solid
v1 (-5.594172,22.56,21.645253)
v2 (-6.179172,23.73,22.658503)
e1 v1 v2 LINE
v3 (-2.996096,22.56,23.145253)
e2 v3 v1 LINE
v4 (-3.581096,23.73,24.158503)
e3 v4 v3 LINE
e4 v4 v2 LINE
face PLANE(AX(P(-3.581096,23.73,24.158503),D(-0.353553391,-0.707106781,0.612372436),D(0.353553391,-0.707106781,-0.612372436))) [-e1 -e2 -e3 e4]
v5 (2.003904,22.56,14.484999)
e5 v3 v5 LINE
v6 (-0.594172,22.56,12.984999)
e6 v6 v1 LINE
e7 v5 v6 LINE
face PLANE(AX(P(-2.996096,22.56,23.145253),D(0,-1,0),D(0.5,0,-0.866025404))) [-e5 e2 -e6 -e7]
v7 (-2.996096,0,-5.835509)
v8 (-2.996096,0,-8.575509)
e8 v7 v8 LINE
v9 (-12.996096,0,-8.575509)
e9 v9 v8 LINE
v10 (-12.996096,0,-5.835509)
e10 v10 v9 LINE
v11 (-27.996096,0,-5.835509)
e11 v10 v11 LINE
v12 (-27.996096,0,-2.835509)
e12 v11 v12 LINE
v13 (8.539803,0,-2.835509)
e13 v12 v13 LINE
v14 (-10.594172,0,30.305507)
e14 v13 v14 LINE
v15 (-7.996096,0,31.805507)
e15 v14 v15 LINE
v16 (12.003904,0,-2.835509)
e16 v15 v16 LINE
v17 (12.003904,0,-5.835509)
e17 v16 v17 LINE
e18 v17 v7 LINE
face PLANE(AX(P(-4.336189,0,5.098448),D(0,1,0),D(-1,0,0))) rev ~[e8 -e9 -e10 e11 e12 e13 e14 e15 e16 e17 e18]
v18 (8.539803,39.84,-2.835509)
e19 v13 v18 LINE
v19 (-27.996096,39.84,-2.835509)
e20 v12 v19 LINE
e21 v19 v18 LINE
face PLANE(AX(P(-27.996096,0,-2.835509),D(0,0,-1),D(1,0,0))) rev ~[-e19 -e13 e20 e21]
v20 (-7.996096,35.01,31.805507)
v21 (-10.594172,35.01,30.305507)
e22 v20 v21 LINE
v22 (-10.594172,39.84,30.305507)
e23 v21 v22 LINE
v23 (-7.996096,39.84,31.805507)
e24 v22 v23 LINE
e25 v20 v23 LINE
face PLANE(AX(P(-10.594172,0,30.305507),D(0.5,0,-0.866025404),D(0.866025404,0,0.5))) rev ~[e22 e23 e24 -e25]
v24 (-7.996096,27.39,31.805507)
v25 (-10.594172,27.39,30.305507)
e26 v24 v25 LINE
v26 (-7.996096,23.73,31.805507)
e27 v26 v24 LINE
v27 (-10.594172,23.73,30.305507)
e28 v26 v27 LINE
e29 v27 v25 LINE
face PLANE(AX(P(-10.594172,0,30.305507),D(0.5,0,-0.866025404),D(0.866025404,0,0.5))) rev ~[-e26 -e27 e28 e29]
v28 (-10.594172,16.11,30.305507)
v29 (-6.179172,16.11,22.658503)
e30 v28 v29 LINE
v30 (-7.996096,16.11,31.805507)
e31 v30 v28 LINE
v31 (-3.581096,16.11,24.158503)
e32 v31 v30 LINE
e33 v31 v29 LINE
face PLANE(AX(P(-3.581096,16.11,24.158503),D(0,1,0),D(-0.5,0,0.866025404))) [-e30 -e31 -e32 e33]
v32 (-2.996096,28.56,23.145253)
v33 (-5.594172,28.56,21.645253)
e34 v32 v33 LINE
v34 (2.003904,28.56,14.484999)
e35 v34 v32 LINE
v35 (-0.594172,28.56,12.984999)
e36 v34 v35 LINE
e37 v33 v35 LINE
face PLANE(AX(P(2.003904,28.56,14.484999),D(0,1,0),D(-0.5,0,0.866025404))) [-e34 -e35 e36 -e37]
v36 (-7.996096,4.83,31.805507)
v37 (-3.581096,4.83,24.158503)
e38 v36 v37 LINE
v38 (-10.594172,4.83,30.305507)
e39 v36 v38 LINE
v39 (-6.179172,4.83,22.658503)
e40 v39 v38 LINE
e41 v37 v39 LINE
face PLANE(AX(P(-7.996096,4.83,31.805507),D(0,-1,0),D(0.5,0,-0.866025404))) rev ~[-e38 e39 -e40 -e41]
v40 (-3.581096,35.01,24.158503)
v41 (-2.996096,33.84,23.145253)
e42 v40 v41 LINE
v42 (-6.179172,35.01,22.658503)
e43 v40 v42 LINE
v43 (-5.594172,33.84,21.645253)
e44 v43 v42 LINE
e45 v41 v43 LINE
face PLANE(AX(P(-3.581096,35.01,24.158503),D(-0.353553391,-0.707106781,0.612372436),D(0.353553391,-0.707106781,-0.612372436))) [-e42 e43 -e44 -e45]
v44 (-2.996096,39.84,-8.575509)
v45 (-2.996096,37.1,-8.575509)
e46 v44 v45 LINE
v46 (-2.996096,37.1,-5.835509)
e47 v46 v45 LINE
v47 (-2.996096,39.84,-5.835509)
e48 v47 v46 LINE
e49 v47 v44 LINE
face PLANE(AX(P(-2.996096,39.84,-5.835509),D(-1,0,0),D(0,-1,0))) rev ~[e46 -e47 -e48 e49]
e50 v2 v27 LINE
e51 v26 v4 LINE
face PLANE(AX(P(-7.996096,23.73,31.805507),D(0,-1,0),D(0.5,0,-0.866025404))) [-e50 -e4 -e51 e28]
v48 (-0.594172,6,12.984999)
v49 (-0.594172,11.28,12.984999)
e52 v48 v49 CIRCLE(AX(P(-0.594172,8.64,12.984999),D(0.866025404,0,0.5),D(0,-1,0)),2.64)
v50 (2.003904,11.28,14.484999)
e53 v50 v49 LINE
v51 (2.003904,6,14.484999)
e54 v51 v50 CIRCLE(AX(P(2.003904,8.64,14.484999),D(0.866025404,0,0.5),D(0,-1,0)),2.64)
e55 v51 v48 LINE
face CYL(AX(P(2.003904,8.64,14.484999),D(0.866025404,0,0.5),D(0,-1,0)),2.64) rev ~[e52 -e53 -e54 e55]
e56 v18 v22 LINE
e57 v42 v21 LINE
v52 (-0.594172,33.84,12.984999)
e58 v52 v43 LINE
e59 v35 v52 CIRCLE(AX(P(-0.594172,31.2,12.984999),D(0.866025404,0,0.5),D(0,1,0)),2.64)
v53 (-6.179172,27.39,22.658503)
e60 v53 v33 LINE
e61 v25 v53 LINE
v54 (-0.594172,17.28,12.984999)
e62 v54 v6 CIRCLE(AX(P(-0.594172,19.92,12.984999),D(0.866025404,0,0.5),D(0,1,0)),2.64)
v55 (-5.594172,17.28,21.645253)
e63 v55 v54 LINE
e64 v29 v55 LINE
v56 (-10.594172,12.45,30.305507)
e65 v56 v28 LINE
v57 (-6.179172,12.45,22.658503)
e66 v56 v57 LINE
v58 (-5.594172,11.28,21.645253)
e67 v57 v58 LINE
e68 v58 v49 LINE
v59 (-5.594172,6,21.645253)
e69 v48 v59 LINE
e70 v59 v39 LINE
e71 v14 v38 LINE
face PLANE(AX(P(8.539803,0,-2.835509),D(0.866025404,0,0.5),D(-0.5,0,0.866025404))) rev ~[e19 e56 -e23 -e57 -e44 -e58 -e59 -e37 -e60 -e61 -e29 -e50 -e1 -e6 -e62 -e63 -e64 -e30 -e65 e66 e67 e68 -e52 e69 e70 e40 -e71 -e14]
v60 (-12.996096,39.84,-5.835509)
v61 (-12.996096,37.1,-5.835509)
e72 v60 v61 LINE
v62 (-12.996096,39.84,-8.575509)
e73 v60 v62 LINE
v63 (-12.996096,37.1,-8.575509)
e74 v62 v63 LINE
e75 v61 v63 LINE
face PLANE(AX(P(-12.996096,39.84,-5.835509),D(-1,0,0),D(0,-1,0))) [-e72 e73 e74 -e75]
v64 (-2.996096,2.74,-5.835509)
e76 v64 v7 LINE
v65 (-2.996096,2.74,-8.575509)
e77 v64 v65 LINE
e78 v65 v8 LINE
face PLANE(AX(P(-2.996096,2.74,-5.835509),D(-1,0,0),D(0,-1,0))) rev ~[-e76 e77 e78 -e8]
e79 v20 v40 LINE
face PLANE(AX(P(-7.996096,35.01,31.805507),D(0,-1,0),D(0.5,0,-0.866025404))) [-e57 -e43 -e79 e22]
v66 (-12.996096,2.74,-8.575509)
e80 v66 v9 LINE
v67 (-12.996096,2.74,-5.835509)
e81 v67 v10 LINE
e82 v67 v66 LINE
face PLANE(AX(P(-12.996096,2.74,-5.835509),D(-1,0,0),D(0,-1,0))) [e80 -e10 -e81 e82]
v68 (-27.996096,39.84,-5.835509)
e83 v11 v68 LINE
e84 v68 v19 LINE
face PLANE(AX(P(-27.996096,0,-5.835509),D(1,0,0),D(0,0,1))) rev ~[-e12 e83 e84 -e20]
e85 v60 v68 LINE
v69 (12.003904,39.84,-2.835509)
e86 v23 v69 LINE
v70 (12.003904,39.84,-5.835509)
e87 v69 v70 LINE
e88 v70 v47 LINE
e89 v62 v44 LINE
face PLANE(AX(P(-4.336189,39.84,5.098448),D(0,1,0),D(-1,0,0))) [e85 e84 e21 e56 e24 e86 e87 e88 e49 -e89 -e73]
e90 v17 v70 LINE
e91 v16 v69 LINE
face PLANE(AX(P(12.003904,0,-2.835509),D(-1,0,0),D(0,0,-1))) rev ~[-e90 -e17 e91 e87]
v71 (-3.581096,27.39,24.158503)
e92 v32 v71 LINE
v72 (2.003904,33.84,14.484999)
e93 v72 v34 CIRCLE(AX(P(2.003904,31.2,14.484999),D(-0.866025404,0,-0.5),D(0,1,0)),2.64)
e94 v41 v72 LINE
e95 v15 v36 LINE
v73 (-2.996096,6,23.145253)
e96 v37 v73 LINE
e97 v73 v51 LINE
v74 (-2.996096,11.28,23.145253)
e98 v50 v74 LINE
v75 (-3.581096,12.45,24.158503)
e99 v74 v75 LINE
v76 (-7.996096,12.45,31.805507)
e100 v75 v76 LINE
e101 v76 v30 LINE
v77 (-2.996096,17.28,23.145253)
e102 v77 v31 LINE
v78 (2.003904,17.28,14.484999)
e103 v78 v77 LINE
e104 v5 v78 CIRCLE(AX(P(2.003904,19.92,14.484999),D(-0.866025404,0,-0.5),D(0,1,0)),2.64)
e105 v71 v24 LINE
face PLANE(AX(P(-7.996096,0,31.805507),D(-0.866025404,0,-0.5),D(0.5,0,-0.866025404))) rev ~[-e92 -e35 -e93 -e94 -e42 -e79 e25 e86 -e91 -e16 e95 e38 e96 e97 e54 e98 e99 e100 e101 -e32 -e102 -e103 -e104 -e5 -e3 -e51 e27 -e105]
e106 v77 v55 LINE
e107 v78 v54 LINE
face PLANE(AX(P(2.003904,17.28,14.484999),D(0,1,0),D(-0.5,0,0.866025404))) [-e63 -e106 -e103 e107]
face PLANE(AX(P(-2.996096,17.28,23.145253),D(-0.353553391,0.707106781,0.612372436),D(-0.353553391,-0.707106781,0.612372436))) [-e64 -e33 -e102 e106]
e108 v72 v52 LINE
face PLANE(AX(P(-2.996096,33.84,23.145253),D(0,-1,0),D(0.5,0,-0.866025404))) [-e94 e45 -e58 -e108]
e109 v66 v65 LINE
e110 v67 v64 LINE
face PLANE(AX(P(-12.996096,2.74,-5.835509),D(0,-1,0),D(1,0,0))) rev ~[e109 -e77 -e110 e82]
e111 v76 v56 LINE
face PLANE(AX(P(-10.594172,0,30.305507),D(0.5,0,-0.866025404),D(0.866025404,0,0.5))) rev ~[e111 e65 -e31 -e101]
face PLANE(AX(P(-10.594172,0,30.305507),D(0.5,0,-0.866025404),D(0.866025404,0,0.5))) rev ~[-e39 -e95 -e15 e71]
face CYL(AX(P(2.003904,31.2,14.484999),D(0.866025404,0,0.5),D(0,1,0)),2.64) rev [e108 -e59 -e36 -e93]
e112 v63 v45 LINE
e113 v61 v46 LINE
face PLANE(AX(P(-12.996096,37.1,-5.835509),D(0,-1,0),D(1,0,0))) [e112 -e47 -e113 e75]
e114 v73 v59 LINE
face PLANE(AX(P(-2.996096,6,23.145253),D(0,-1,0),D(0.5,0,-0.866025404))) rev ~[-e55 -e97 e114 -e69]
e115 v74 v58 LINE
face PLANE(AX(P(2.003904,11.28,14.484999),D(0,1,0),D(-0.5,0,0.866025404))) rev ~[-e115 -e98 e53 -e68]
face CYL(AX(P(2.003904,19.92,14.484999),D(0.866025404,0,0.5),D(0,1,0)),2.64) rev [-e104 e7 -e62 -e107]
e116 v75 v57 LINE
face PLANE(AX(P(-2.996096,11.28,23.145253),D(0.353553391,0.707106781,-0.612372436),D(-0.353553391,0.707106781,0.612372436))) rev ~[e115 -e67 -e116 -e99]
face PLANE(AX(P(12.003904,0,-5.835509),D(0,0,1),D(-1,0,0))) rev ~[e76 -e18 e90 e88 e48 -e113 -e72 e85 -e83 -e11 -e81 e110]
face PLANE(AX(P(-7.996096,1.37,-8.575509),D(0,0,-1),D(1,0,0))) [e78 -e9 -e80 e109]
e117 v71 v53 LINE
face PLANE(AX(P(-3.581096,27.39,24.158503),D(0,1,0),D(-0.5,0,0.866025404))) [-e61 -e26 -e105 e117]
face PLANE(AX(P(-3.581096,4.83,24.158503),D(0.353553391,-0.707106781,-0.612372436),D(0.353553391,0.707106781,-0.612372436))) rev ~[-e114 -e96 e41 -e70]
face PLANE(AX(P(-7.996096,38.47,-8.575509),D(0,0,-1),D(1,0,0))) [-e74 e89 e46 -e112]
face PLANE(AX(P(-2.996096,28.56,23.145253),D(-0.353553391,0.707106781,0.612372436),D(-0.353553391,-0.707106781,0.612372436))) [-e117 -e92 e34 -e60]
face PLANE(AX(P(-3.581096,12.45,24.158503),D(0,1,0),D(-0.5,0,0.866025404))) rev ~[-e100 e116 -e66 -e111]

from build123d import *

# Parameters (mm, degrees)
BOSS_EXTRUDE1_DEPTH = 39.84
CUT_EXTRUDE1_REACH  = 62.108
SKETCH3_W           = 10
SKETCH3_H           = 2.74
BOSS_EXTRUDE2_DEPTH = 2.74


with BuildPart() as part:
    # Sketch1 → Boss-Extrude1 (new body)
    with BuildSketch(Plane(origin=(0, 0, 0), x_dir=(-1, 0, 0), z_dir=(0, 1, 0))):
        Polygon((-12.003904286, -2.835509232), (-12.003904286, -5.835509232), (27.996095714, -5.835509232), (27.996095714, -2.835509232), (-8.539802671, -2.835509232), (10.594171925, 30.305506919), (7.996095714, 31.805506919), align=None)
    extrude(amount=BOSS_EXTRUDE1_DEPTH)

    # Sketch2 → Cut-Extrude1 (cut, up to next)
    with BuildSketch(Plane(origin=(7.775116701, 0, 4.48896572), x_dir=(0, 1, 0), z_dir=(0.8660254037844364, 0, 0.5000000000000038)), mode=Mode.PRIVATE) as cut_extrude1_sk1:
        with BuildLine():
            Line((6, 21.542424829), (6, 11.542424829))
            ThreePointArc((6, 11.542424829), (8.64, 8.902424829), (11.28, 11.542424829))
            Line((11.28, 11.542424829), (11.28, 21.542424829))
            Line((11.28, 21.542424829), (12.45, 22.712424829))
            Line((12.45, 22.712424829), (12.45, 31.542424829))
            Line((12.45, 31.542424829), (11.28, 31.542424829))
            Line((11.28, 31.542424829), (6, 31.542424829))
            Line((6, 31.542424829), (4.83, 31.542424829))
            Line((4.83, 31.542424829), (4.83, 22.712424829))
            Line((4.83, 22.712424829), (6, 21.542424829))
        make_face()
    cut_extrude1_tool1 = extrude(cut_extrude1_sk1.sketch, amount=-CUT_EXTRUDE1_REACH, mode=Mode.PRIVATE) & part.part
    # Sketch2 → Cut-Extrude1 (cut, up to next)
    with BuildSketch(Plane(origin=(7.775116701, 0, 4.48896572), x_dir=(0, 1, 0), z_dir=(0.8660254037844364, 0, 0.5000000000000038)), mode=Mode.PRIVATE) as cut_extrude1_sk2:
        with BuildLine():
            Line((22.56, 21.542424829), (22.56, 11.542424829))
            ThreePointArc((22.56, 11.542424829), (19.92, 8.902424829), (17.28, 11.542424829))
            Line((17.28, 11.542424829), (17.28, 21.542424829))
            Line((17.28, 21.542424829), (16.11, 22.712424829))
            Line((16.11, 22.712424829), (16.11, 31.542424829))
            Line((16.11, 31.542424829), (17.28, 31.542424829))
            Line((17.28, 31.542424829), (22.56, 31.542424829))
            Line((22.56, 31.542424829), (23.73, 31.542424829))
            Line((23.73, 31.542424829), (23.73, 22.712424829))
            Line((23.73, 22.712424829), (22.56, 21.542424829))
        make_face()
    cut_extrude1_tool2 = extrude(cut_extrude1_sk2.sketch, amount=-CUT_EXTRUDE1_REACH, mode=Mode.PRIVATE) & part.part
    # Sketch2 → Cut-Extrude1 (cut, up to next)
    with BuildSketch(Plane(origin=(7.775116701, 0, 4.48896572), x_dir=(0, 1, 0), z_dir=(0.8660254037844364, 0, 0.5000000000000038)), mode=Mode.PRIVATE) as cut_extrude1_sk3:
        with BuildLine():
            Line((33.84, 21.542424829), (33.84, 11.542424829))
            ThreePointArc((33.84, 11.542424829), (31.2, 8.902424829), (28.56, 11.542424829))
            Line((28.56, 11.542424829), (28.56, 21.542424829))
            Line((28.56, 21.542424829), (27.39, 22.712424829))
            Line((27.39, 22.712424829), (27.39, 31.542424829))
            Line((27.39, 31.542424829), (28.56, 31.542424829))
            Line((28.56, 31.542424829), (33.84, 31.542424829))
            Line((33.84, 31.542424829), (35.01, 31.542424829))
            Line((35.01, 31.542424829), (35.01, 22.712424829))
            Line((35.01, 22.712424829), (33.84, 21.542424829))
        make_face()
    cut_extrude1_tool3 = extrude(cut_extrude1_sk3.sketch, amount=-CUT_EXTRUDE1_REACH, mode=Mode.PRIVATE) & part.part
    add(cut_extrude1_tool1.solids().sort_by_distance((-2.97705, 8.64, 23.112265))[0], mode=Mode.SUBTRACT)
    add(cut_extrude1_tool2.solids().sort_by_distance((-2.97705, 19.92, 23.112265))[0], mode=Mode.SUBTRACT)
    add(cut_extrude1_tool3.solids().sort_by_distance((-2.97705, 31.2, 23.112265))[0], mode=Mode.SUBTRACT)

    # Sketch3 → Boss-Extrude2 (add)
    with BuildSketch(Plane(origin=(0, 0, -5.835509232), x_dir=(1, 0, 0), z_dir=(0, 0, -1))):
        with Locations((-7.996095714, -1.37)):
            Rectangle(SKETCH3_W, SKETCH3_H)
        with Locations((-7.996095714, -38.47)):
            Rectangle(SKETCH3_W, SKETCH3_H)
    extrude(amount=BOSS_EXTRUDE2_DEPTH)


solid = part.part
